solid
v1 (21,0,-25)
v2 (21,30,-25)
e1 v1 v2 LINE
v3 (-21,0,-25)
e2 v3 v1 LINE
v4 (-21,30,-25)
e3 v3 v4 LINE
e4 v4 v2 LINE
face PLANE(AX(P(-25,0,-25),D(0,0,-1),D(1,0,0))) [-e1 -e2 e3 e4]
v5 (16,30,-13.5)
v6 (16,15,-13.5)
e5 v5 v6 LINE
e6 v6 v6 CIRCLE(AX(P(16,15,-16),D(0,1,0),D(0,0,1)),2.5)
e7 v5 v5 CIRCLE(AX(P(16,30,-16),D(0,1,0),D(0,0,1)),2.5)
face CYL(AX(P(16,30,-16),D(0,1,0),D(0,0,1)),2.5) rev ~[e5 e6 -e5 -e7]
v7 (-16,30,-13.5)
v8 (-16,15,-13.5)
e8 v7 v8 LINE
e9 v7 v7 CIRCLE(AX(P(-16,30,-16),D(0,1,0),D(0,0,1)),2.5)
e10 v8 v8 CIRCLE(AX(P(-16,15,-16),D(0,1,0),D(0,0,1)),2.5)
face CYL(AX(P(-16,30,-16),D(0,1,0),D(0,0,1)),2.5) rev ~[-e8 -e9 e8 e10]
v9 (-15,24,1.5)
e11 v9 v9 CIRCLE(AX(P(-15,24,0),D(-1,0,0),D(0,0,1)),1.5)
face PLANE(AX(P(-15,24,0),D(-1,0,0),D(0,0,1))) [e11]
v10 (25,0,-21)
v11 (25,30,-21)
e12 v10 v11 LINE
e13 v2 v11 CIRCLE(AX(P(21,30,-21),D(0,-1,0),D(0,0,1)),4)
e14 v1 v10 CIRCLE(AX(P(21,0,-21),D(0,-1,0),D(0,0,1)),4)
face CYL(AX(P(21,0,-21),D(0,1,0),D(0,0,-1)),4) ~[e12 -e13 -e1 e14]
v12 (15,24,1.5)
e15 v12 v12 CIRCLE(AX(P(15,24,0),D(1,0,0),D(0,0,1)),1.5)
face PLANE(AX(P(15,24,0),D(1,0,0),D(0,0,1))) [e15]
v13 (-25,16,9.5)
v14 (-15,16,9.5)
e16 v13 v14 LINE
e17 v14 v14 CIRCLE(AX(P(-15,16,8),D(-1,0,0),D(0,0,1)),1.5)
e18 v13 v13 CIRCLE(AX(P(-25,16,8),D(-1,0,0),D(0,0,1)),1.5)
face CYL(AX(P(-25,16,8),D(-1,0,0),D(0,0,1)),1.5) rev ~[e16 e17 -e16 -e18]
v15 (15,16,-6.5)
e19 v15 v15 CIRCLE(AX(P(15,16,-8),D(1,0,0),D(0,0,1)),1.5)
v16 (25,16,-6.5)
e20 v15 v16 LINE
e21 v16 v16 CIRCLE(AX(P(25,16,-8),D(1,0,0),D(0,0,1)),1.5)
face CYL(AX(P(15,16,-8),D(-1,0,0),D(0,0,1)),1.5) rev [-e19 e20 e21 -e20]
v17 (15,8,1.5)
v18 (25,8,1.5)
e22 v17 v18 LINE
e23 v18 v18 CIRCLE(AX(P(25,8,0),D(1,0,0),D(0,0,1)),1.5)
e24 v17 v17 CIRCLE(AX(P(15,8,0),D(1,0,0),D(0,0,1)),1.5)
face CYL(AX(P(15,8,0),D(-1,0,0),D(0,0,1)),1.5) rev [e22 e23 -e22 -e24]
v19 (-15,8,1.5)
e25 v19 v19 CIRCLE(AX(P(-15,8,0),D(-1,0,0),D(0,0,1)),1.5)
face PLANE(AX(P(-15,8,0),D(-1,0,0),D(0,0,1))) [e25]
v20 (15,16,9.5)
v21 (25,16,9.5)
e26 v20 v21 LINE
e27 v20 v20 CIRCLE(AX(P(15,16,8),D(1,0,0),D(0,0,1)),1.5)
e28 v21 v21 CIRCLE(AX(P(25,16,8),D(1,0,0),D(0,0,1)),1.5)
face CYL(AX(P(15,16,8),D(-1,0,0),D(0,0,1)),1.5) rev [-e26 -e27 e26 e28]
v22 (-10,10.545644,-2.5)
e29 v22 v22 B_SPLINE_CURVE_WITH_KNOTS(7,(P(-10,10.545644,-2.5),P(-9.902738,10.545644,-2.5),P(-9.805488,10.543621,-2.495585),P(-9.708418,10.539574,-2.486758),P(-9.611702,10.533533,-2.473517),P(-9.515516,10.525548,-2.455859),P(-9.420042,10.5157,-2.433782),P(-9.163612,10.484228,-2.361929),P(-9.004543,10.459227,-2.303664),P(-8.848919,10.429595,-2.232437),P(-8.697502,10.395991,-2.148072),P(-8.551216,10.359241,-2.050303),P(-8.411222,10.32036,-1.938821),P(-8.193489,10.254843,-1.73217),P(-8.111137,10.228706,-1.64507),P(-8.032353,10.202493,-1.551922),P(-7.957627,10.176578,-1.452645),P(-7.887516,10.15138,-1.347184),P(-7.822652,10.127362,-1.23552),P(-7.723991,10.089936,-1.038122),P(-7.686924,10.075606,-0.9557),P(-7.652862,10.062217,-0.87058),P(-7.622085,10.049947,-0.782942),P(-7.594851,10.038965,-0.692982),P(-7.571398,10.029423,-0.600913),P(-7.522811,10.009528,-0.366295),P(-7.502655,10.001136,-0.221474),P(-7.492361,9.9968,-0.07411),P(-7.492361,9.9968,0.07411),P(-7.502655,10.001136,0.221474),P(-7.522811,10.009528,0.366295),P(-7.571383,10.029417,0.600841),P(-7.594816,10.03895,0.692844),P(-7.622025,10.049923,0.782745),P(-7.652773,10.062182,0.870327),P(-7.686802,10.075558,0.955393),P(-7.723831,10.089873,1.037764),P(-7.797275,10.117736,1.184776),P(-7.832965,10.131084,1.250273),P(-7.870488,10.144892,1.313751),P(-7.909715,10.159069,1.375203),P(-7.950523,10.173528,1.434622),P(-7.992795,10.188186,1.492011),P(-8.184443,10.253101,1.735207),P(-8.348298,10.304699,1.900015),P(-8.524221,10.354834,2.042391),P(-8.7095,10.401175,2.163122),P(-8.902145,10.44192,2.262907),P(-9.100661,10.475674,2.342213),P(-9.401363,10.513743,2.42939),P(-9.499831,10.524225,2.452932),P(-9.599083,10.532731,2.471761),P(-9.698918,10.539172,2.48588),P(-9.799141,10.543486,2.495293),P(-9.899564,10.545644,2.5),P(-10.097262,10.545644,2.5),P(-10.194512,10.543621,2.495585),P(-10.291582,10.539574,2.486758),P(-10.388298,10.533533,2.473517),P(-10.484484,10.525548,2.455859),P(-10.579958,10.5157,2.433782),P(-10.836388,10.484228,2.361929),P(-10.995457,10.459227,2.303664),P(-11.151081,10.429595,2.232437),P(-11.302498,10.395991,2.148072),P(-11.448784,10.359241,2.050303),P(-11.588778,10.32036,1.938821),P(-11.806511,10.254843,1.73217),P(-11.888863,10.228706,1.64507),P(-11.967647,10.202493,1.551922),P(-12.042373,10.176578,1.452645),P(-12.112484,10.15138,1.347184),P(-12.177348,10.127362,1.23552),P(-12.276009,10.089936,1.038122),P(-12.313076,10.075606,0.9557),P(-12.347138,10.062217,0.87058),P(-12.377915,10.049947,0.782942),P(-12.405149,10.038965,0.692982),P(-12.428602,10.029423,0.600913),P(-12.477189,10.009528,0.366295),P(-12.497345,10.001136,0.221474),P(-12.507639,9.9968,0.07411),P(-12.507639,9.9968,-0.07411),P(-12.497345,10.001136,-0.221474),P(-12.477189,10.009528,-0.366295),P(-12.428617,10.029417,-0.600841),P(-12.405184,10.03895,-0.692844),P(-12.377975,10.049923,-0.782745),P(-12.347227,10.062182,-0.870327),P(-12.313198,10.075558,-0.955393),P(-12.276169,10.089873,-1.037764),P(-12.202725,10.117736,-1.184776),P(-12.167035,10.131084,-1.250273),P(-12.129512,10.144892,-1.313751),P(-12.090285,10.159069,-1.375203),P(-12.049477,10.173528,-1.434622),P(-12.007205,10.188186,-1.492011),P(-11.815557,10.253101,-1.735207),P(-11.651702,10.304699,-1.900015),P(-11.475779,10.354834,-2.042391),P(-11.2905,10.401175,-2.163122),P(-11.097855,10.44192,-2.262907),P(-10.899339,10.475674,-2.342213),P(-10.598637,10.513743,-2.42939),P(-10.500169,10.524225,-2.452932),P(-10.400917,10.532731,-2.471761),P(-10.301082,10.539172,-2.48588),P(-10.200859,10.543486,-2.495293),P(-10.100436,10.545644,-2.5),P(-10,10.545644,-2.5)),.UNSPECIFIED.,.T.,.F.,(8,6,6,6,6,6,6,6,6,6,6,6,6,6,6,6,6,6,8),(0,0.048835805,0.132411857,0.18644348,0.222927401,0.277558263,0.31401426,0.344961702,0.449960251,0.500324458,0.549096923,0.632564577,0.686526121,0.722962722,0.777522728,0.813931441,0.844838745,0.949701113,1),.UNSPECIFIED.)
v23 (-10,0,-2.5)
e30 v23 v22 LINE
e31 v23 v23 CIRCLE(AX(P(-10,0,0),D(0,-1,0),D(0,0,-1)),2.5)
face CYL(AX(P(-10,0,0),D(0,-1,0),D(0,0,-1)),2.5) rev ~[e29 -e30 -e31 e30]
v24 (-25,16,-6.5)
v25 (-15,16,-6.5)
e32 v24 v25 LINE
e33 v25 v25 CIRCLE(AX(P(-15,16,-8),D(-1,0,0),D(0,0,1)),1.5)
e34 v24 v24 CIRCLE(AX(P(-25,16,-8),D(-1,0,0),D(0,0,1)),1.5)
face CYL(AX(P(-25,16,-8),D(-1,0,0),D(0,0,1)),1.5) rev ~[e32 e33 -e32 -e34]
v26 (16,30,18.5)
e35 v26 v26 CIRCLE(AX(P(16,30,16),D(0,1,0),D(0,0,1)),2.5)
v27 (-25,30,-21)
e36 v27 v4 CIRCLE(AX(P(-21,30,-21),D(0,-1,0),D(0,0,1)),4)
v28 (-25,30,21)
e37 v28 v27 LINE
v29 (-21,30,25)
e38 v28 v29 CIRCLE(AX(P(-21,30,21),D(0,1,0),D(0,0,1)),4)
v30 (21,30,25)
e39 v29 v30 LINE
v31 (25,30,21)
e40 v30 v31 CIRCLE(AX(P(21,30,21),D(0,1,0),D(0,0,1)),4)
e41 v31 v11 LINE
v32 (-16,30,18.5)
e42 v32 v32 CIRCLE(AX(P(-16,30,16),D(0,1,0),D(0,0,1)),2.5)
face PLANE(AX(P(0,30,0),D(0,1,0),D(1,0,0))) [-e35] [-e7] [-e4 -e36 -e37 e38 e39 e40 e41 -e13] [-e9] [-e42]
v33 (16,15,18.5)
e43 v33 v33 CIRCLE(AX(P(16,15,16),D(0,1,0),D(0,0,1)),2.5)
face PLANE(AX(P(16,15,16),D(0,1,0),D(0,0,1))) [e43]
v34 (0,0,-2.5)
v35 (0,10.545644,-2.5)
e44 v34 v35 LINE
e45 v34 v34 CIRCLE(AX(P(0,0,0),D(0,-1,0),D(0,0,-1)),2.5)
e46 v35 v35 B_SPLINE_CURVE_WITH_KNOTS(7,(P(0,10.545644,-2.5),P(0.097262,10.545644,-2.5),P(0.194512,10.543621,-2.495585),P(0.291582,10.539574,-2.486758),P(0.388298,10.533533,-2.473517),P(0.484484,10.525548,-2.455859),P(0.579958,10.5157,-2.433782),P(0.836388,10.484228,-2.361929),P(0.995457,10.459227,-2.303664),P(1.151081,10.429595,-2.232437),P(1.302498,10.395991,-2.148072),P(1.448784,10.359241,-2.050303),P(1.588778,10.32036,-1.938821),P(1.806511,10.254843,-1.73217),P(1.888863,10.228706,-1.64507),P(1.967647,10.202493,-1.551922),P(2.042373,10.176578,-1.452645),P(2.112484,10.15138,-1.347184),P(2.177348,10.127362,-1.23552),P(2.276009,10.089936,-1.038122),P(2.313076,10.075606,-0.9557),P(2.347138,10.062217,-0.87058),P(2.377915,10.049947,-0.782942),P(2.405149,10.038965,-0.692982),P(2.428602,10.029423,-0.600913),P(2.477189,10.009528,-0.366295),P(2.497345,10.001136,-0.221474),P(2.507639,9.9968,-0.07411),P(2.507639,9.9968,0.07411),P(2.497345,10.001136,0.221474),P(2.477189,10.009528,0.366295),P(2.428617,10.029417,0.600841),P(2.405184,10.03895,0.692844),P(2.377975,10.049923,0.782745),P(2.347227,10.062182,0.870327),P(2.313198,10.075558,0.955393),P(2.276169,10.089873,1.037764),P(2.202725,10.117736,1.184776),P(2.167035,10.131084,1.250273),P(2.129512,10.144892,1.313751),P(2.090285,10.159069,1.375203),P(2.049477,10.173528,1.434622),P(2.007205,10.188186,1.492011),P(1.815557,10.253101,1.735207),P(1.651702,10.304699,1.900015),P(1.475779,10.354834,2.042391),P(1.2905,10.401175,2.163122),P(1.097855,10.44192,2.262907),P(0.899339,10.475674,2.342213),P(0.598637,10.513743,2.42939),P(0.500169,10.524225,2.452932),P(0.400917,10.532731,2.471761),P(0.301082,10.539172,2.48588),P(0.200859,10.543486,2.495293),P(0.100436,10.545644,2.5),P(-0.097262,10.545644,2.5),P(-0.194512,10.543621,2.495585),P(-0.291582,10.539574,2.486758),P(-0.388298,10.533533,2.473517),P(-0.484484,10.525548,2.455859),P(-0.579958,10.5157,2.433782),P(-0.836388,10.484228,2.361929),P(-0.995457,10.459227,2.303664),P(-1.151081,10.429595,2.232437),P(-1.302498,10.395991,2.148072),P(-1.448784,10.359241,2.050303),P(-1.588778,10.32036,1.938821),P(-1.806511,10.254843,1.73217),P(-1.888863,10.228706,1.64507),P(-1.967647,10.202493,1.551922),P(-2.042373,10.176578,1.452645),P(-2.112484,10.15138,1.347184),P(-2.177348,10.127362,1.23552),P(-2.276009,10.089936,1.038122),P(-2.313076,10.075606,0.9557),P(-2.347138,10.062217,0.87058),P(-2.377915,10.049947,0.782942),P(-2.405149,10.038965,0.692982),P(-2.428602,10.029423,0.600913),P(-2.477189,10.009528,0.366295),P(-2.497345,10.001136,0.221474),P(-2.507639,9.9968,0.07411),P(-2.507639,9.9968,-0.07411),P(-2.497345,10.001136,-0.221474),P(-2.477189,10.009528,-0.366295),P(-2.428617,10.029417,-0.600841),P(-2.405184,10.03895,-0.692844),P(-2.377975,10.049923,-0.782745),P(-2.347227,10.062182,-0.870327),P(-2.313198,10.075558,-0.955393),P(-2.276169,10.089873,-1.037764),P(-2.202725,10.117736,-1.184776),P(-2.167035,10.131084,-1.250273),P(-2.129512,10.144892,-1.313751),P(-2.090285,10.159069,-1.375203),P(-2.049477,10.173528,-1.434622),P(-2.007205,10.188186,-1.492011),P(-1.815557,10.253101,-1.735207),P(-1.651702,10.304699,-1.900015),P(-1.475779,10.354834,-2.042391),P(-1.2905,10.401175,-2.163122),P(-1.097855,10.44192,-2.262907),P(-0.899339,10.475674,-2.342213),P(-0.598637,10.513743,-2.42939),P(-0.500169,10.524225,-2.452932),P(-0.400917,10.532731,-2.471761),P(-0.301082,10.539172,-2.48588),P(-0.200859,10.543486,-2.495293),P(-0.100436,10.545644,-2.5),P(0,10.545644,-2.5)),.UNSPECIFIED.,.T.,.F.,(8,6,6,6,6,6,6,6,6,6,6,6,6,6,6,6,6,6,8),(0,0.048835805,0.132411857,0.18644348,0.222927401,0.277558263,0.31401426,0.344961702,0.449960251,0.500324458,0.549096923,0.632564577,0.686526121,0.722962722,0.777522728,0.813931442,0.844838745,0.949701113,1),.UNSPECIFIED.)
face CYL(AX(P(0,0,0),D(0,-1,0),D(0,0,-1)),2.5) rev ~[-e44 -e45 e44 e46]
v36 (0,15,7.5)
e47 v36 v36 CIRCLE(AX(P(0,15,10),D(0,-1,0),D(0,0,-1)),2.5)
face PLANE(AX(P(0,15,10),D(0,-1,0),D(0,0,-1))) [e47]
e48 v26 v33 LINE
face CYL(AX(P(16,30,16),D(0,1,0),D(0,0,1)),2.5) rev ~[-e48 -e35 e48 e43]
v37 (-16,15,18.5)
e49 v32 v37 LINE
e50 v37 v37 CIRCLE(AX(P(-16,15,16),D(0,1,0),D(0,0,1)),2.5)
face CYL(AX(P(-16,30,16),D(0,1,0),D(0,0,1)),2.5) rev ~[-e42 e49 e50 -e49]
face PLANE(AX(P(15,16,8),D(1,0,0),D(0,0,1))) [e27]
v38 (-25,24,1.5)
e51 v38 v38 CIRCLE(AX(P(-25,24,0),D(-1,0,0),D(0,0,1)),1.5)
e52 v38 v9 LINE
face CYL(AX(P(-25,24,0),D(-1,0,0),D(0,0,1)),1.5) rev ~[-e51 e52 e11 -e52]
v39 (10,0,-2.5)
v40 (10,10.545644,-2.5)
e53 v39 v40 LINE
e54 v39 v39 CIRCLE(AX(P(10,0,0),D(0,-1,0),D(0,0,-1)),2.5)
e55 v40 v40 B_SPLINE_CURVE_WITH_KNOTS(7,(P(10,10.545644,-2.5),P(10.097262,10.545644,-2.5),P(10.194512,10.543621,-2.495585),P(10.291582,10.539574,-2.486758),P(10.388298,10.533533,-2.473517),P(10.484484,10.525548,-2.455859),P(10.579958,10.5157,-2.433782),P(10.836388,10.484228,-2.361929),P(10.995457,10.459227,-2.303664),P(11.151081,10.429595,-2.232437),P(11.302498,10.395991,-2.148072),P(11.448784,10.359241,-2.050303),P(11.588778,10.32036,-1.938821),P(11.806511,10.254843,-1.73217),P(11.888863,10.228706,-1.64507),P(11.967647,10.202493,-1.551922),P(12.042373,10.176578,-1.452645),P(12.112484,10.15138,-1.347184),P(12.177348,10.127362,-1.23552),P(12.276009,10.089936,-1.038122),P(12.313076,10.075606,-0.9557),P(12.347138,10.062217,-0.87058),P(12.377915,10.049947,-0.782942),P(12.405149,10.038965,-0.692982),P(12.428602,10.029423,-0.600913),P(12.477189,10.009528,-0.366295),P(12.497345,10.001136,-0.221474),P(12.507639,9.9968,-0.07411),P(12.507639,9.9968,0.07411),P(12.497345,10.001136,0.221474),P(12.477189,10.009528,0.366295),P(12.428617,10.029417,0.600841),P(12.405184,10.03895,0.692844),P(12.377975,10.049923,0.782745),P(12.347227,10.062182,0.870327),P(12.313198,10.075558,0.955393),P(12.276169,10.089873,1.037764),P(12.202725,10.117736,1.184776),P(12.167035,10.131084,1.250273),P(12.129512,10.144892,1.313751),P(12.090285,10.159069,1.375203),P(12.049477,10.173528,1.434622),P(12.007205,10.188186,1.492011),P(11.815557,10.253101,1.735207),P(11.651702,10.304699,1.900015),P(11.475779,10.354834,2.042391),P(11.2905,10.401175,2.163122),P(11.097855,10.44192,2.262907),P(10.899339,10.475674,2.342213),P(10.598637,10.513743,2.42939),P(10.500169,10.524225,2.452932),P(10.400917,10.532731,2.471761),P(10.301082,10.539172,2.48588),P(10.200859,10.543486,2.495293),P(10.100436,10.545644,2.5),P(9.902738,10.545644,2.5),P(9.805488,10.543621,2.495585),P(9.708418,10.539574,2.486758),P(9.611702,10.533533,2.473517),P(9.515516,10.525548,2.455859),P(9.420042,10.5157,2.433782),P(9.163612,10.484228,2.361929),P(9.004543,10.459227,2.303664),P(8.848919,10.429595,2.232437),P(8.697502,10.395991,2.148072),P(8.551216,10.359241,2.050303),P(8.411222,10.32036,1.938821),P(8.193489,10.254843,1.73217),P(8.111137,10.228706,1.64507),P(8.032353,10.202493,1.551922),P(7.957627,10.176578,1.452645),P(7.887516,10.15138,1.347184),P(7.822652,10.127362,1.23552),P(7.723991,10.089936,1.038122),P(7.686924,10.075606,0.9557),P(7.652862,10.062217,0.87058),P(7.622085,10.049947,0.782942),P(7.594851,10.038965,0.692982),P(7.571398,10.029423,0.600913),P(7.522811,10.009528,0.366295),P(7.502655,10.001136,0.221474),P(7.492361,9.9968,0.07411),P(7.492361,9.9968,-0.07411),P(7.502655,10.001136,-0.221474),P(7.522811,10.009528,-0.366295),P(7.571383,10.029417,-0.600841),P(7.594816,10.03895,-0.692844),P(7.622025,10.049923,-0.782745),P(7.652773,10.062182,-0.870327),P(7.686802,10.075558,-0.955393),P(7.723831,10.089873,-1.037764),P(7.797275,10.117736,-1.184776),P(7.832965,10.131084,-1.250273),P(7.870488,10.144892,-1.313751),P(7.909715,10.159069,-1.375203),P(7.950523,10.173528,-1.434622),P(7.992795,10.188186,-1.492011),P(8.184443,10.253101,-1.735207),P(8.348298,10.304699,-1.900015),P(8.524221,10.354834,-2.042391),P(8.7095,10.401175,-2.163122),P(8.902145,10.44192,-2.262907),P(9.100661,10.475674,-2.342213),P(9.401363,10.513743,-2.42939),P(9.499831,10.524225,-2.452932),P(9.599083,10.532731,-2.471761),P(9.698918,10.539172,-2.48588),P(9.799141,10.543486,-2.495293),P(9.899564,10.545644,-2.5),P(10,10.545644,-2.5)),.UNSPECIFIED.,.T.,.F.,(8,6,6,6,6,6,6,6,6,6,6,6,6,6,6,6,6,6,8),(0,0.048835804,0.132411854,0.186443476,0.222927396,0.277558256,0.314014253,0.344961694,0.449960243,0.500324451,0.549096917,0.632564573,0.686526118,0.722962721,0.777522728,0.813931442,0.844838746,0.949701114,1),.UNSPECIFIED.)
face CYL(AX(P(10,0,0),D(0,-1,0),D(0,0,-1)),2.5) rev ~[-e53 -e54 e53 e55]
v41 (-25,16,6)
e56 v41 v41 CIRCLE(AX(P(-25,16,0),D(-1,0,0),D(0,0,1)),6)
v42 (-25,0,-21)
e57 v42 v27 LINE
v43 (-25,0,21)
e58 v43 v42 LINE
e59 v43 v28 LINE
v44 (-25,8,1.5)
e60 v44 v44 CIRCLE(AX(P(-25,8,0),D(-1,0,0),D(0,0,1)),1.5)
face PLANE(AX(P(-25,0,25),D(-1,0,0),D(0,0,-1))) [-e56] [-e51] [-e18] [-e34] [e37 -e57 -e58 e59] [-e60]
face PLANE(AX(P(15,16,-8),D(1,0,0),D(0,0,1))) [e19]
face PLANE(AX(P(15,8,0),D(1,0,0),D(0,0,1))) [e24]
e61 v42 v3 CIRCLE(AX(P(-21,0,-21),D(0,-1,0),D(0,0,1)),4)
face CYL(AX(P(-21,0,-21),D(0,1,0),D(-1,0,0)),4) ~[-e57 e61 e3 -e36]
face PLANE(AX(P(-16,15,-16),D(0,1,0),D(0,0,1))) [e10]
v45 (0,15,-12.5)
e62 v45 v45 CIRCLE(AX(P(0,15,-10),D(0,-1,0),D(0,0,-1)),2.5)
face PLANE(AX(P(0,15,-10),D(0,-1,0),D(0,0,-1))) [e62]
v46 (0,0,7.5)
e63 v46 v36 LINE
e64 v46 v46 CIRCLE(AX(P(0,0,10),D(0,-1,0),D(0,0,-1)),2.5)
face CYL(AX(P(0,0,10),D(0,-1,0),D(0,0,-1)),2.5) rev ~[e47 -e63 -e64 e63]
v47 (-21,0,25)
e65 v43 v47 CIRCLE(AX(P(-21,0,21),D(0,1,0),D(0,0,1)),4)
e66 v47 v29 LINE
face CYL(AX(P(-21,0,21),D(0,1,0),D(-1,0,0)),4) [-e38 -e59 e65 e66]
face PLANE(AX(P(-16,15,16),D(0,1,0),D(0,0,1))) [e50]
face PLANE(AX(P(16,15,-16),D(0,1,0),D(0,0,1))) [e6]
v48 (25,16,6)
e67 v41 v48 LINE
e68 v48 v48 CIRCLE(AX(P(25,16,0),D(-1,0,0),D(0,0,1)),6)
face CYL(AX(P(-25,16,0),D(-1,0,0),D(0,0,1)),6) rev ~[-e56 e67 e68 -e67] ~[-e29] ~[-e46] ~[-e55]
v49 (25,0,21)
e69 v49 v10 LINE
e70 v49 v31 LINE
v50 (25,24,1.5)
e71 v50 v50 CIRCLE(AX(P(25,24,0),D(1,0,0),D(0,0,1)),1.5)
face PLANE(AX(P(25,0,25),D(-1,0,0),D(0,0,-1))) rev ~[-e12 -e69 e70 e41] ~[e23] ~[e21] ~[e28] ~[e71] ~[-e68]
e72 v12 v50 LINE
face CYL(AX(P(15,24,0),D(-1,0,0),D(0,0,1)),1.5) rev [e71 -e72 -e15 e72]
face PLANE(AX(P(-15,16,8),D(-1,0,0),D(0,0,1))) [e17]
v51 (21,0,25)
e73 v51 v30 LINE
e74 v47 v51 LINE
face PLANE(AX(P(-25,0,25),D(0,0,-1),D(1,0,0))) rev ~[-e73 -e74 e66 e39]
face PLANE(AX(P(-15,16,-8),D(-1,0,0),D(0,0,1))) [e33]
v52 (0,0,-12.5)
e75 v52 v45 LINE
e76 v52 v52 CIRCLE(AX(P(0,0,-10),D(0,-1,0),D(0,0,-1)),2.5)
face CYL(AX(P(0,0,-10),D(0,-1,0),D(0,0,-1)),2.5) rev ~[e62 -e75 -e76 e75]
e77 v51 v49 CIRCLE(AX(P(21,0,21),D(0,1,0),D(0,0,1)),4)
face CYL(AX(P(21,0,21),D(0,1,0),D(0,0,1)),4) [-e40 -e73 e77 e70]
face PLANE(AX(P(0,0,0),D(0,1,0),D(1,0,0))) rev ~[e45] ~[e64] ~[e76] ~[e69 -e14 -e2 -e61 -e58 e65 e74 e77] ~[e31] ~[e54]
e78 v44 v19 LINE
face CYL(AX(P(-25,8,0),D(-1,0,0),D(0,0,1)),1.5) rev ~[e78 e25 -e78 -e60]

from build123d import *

# Parameters (mm, degrees)
SKETCH1_W           = 50
SKETCH1_H           = 50
BOSS_EXTRUDE1_DEPTH = 30
SKETCH2_R           = 2.5
CUT_EXTRUDE1_DEPTH  = 15
CUT_EXTRUDE2_REACH  = 65.443
SKETCH4_R           = 6
SKETCH5_R           = 1.5
CUT_EXTRUDE3_DEPTH  = 10
CUT_EXTRUDE4_START  = -10
SKETCH6_R           = 1.5
CUT_EXTRUDE4_DEPTH  = 10
FILLET1_R           = 4
SKETCH8_R           = 2.5
CUT_EXTRUDE5_DEPTH  = 15


with BuildPart() as part:
    # Sketch1 → Boss-Extrude1 (new body)
    with BuildSketch(Plane(origin=(0, 0, 0), x_dir=(1, 0, 0), z_dir=(0, 1, 0))):
        Rectangle(SKETCH1_W, SKETCH1_H)
    extrude(amount=BOSS_EXTRUDE1_DEPTH)

    # Sketch2 → Cut-Extrude1 (cut)
    with BuildSketch(Plane.XZ):
        with Locations(Location((0, 10, 0), (0, 0, 270))):
            Circle(SKETCH2_R)
        with Locations(Location((0, -10, 0), (0, 0, 270))):
            Circle(SKETCH2_R)
        with Locations(Location((10, 0, 0), (0, 0, 270))):
            Circle(SKETCH2_R)
        with Locations(Location((-10, 0, 0), (0, 0, 270))):
            Circle(SKETCH2_R)
        with Locations(Location((0, 0, 0), (0, 0, 270))):
            Circle(SKETCH2_R)
    extrude(amount=-CUT_EXTRUDE1_DEPTH, mode=Mode.SUBTRACT)

    # Sketch4 → Cut-Extrude2 (cut, up to next)
    with BuildSketch(Plane.ZY.offset(25), mode=Mode.PRIVATE) as cut_extrude2_sk1:
        with Locations((0, 16)):
            Circle(SKETCH4_R)
    cut_extrude2_tool1 = extrude(cut_extrude2_sk1.sketch, amount=-CUT_EXTRUDE2_REACH, mode=Mode.PRIVATE) & part.part
    add(cut_extrude2_tool1.solids().sort_by_distance((-25, 16, 0))[0], mode=Mode.SUBTRACT)

    # Sketch5 → Cut-Extrude3 (cut)
    with BuildSketch(Plane.ZY.offset(25)):
        with Locations((-8, 16)):
            Circle(SKETCH5_R)
        with Locations((8, 16)):
            Circle(SKETCH5_R)
        with Locations((0, 8)):
            Circle(SKETCH5_R)
        with Locations((0, 24)):
            Circle(SKETCH5_R)
    extrude(amount=-CUT_EXTRUDE3_DEPTH, mode=Mode.SUBTRACT)

    # Sketch6 → Cut-Extrude4 (cut)
    with BuildSketch(Plane(origin=(25, 0, 0), x_dir=(0, 0, -1), z_dir=(1, 0, 0)).offset(CUT_EXTRUDE4_START)):
        with Locations(Location((-8, 16, 0), (0, 0, 180))):
            Circle(SKETCH6_R)
        with Locations(Location((8, 16, 0), (0, 0, 180))):
            Circle(SKETCH6_R)
        with Locations(Location((0, 24, 0), (0, 0, 180))):
            Circle(SKETCH6_R)
        with Locations(Location((0, 8, 0), (0, 0, 180))):
            Circle(SKETCH6_R)
    extrude(amount=CUT_EXTRUDE4_DEPTH, mode=Mode.SUBTRACT)

    # Fillet1
    fillet1_edges = [part.edges().sort_by_distance(p)[0] for p in [
        (25, 15, 25),
        (-25, 15, 25),
        (-25, 15, -25),
        (25, 15, -25),
    ]]
    fillet(fillet1_edges, radius=FILLET1_R)

    # Sketch8 → Cut-Extrude5 (cut)
    with BuildSketch(Plane(origin=(0, 30, 0), x_dir=(1, 0, 0), z_dir=(0, 1, 0))):
        with Locations(Location((-16, 16, 0), (0, 0, 270))):
            Circle(SKETCH8_R)
        with Locations(Location((16, 16, 0), (0, 0, 270))):
            Circle(SKETCH8_R)
        with Locations(Location((16, -16, 0), (0, 0, 270))):
            Circle(SKETCH8_R)
        with Locations(Location((-16, -16, 0), (0, 0, 270))):
            Circle(SKETCH8_R)
    extrude(amount=-CUT_EXTRUDE5_DEPTH, mode=Mode.SUBTRACT)


solid = part.part
